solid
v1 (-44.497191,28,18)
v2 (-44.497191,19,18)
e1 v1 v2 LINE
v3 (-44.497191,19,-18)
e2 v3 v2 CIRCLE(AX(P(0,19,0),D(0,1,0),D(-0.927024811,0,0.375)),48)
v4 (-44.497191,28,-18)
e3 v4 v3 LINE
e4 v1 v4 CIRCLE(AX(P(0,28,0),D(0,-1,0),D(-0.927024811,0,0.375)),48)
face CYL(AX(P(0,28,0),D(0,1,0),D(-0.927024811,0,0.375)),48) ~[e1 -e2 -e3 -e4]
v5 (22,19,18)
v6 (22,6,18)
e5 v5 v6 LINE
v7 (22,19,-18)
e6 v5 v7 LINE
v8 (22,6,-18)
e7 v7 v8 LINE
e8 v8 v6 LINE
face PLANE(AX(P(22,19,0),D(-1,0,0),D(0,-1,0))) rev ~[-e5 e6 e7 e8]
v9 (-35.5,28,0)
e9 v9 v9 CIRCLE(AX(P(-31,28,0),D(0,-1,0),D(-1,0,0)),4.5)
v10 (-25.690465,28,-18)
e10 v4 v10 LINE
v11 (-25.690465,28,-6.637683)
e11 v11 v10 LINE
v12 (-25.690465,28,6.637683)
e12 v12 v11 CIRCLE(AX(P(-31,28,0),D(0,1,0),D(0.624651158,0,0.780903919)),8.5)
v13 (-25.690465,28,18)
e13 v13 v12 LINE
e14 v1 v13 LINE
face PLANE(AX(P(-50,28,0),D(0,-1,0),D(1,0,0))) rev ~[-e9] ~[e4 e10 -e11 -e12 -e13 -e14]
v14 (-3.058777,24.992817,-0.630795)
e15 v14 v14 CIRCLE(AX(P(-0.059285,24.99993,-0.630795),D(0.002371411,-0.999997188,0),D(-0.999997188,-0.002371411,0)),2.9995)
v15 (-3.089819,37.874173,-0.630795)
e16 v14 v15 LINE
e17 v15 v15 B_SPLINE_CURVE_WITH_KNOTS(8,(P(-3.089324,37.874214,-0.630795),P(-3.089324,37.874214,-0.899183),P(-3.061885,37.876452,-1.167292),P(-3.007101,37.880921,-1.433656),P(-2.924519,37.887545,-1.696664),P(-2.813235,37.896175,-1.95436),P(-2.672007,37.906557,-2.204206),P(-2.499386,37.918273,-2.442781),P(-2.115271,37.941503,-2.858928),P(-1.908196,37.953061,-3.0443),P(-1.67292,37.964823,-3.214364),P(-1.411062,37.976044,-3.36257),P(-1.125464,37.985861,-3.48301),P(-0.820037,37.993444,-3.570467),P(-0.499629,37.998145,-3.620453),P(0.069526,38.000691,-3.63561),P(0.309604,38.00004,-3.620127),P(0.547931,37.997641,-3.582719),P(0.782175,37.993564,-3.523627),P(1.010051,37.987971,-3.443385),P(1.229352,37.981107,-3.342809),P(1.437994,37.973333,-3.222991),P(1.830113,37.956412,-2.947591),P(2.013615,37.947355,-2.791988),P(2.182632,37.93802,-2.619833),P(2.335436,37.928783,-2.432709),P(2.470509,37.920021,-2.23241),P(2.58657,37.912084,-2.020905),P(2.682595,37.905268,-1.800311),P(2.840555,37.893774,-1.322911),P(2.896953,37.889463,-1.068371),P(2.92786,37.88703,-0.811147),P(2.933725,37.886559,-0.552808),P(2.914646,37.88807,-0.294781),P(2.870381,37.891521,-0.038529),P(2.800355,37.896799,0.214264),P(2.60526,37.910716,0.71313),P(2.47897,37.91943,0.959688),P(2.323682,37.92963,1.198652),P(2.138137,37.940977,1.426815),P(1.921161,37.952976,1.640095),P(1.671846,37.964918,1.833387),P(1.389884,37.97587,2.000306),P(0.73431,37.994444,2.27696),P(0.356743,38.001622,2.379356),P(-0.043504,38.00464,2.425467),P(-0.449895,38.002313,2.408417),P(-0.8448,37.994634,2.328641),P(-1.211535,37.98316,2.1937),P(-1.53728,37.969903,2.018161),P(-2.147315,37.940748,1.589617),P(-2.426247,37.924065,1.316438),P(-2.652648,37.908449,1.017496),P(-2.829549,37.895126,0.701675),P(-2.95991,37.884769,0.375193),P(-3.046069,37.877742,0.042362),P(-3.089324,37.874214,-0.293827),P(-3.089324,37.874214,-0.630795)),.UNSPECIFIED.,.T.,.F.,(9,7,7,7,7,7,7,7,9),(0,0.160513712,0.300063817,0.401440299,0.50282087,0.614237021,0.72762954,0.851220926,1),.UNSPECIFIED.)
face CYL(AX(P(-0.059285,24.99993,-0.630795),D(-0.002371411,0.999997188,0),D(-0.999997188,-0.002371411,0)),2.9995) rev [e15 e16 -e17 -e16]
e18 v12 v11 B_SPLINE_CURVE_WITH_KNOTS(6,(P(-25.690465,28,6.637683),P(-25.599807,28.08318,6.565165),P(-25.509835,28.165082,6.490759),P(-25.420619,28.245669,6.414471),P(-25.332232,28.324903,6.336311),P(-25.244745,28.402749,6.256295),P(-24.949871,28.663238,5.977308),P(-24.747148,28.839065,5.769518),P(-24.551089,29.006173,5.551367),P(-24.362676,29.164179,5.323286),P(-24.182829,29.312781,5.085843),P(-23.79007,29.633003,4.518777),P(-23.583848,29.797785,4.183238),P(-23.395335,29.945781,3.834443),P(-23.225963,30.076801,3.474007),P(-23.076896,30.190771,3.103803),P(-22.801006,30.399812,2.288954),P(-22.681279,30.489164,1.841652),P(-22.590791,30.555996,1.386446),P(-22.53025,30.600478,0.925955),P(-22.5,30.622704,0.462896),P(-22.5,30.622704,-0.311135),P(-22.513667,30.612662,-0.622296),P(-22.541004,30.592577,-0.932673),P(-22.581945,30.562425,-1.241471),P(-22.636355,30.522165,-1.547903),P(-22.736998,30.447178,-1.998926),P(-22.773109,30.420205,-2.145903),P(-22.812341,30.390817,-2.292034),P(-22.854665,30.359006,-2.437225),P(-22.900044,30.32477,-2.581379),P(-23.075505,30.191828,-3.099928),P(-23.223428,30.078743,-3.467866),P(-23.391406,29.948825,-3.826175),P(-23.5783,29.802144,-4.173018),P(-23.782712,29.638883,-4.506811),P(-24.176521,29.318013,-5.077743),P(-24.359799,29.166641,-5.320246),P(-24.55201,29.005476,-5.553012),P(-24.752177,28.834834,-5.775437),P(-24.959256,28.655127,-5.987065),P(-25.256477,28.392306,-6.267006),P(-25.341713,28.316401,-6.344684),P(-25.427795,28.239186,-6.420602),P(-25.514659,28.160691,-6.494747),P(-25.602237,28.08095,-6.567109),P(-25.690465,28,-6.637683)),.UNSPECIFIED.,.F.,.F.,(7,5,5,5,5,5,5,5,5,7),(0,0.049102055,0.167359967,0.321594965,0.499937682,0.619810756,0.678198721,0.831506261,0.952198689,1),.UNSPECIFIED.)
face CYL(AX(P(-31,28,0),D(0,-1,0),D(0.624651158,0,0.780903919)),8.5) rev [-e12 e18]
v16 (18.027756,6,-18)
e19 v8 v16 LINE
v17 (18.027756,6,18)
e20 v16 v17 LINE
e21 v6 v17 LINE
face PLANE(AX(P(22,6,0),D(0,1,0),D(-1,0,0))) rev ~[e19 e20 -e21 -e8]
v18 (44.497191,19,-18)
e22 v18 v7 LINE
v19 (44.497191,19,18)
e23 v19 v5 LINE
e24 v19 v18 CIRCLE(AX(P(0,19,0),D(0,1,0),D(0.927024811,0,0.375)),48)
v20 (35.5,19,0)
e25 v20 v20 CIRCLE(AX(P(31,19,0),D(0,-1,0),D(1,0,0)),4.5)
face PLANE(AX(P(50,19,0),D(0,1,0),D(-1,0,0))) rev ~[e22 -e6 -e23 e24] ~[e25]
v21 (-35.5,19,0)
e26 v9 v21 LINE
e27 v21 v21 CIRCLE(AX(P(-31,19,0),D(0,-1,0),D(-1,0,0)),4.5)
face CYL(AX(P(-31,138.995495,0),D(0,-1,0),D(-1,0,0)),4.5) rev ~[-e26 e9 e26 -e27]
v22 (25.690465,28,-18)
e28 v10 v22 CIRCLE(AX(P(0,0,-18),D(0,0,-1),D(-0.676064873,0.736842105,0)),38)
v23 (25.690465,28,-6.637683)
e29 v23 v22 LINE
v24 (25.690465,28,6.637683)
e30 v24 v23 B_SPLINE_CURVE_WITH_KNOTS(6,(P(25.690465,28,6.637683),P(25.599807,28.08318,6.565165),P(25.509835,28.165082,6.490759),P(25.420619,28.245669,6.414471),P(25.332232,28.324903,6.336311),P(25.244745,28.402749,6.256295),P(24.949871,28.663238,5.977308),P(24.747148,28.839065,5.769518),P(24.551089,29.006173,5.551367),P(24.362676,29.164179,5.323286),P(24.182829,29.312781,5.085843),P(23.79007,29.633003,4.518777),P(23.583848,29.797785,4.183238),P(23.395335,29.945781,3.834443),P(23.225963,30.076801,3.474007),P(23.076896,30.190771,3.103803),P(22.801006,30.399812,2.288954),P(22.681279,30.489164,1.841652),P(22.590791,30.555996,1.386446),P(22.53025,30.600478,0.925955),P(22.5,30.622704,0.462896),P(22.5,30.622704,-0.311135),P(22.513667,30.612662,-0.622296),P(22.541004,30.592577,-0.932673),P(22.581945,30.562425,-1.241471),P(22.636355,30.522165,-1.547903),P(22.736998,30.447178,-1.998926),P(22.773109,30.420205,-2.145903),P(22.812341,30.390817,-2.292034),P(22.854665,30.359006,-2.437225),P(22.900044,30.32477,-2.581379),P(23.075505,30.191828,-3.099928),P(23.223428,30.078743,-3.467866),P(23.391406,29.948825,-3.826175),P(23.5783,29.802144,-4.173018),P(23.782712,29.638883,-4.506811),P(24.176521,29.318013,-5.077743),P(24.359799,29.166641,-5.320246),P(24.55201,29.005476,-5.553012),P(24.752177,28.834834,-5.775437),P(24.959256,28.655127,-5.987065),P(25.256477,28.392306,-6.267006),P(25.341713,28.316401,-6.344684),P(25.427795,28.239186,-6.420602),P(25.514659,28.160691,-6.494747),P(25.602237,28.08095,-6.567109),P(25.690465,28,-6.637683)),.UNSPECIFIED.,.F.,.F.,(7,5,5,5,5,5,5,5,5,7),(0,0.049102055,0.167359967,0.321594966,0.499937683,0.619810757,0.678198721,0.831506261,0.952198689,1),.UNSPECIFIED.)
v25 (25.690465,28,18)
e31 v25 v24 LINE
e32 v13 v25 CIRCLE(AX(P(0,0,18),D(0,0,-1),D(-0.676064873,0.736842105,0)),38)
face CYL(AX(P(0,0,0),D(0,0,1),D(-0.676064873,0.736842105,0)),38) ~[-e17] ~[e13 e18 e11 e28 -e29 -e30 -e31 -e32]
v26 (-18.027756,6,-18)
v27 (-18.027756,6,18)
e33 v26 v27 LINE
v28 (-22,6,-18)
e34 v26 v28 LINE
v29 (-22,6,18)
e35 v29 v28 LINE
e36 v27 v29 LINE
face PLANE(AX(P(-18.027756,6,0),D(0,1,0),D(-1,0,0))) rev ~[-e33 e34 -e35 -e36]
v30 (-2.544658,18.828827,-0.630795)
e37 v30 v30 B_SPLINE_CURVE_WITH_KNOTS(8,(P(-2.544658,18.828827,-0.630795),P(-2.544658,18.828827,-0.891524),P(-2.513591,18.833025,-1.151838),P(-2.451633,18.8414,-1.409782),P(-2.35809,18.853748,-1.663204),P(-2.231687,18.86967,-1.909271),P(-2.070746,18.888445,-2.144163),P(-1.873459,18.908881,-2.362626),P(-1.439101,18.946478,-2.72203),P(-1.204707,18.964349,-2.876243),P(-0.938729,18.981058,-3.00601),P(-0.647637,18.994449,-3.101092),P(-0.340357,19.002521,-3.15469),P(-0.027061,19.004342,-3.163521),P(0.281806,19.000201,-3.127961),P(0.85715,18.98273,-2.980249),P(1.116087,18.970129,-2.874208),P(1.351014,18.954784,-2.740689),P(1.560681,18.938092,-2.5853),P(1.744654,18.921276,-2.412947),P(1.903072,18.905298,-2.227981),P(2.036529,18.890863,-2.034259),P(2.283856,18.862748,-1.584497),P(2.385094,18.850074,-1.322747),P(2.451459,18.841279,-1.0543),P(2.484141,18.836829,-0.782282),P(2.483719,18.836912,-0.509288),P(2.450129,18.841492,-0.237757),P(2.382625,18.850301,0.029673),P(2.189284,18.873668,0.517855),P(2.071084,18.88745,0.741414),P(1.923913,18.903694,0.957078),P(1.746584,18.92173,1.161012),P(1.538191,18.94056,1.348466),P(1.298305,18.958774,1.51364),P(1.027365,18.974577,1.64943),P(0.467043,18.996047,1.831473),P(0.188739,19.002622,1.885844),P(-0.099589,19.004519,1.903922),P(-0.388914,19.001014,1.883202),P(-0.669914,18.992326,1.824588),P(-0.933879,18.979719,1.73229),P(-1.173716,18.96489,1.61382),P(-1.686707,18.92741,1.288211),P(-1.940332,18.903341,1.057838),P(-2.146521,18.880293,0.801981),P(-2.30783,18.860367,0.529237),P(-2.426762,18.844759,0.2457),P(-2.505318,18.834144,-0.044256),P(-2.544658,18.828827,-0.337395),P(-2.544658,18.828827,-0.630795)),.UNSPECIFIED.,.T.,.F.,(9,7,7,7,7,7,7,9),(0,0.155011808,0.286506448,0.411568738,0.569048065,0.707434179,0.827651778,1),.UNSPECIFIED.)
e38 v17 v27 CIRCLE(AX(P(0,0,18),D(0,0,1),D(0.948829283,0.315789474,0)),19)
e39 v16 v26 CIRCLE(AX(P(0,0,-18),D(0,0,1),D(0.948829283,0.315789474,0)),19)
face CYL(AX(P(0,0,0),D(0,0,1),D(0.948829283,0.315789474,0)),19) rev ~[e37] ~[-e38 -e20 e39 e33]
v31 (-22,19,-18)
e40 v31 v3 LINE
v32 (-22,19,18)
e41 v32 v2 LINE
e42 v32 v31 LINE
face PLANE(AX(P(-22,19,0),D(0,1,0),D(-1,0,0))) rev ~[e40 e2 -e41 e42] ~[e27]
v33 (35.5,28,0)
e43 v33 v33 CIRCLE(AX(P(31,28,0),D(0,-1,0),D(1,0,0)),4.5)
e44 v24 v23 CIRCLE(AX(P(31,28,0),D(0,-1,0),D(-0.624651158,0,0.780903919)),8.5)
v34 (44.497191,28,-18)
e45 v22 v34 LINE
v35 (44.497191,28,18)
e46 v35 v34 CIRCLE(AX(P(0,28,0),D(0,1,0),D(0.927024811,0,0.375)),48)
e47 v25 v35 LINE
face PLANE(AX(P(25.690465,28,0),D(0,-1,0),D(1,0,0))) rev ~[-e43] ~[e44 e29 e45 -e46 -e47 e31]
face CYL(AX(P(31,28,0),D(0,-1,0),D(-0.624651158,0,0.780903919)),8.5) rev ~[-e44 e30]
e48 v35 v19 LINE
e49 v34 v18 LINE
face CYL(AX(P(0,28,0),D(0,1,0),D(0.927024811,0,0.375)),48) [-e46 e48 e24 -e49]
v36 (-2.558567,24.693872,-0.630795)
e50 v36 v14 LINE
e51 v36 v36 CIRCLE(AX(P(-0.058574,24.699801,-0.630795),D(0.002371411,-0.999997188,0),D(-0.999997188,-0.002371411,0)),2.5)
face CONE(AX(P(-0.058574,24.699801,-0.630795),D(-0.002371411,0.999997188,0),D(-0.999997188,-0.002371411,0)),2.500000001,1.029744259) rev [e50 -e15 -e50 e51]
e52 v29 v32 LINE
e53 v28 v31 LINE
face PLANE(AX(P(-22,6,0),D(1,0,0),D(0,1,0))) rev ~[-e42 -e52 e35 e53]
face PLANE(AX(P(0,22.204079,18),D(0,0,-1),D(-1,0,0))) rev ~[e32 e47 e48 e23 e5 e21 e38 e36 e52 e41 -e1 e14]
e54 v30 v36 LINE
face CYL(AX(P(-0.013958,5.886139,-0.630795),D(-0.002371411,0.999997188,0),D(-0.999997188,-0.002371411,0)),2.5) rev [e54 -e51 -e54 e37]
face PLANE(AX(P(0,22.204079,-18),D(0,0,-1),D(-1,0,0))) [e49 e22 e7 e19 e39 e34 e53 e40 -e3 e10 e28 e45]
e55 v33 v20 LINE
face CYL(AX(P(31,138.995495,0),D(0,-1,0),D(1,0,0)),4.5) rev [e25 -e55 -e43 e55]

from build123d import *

# Parameters (mm, degrees)
BOSS_EXTRUDE1_DEPTH   = 18
F_8_0MM_DOWEL_HOLE1_D = 9
CUT_EXTRUDE3_DEPTH    = 35
CUT_EXTRUDE4_DEPTH    = 3


with BuildPart() as part:
    # Sketch1 → Boss-Extrude1 (new body, symmetric)
    with BuildSketch(Plane.XY):
        with BuildLine():
            Line((-18.027756377, 6), (-22, 6))
            Line((-22, 6), (-22, 19))
            Line((-22, 19), (-50, 19))
            Line((-50, 19), (-50, 28))
            Line((-50, 28), (-25.690465157, 28))
            ThreePointArc((-25.690465157, 28), (0, 38), (25.690465157, 28))
            Line((25.690465157, 28), (50, 28))
            Line((50, 28), (50, 19))
            Line((50, 19), (22, 19))
            Line((22, 19), (22, 6))
            Line((22, 6), (18.027756377, 6))
            ThreePointArc((18.027756377, 6), (0, 19), (-18.027756377, 6))
        make_face()
    extrude(amount=BOSS_EXTRUDE1_DEPTH, both=True)

    # Ø8.0mm Dowel Hole1 (through all)
    with Locations(Plane(origin=(0, 28, 0), x_dir=(1, 0, 0), z_dir=(0, 1, 0))):
        with Locations((-31, 0)):
            f_8_0mm_dowel_hole1 = Hole(F_8_0MM_DOWEL_HOLE1_D / 2)

    # Sketch6 → Cut-Extrude3 (cut)
    with BuildSketch(Plane(origin=(0, 28, 0), x_dir=(1, 0, 0), z_dir=(0, 1, 0))):
        with BuildLine():
            Line((-44.497190923, 18), (-50, 18))
            Line((-50, 18), (-50, -18))
            Line((-50, -18), (-44.497190923, -18))
            ThreePointArc((-44.497190923, -18), (-48, 0), (-44.497190923, 18))
        make_face()
        with BuildLine():
            Line((44.497190923, 18), (50, 18))
            Line((50, 18), (50, -18))
            Line((50, -18), (44.497190923, -18))
            ThreePointArc((44.497190923, -18), (48, 0), (44.497190923, 18))
        make_face()
    extrude(amount=-CUT_EXTRUDE3_DEPTH, mode=Mode.SUBTRACT)

    # Sketch9 → Cut-Extrude4 (cut)
    with BuildSketch(Plane(origin=(0, 28, 0), x_dir=(1, 0, 0), z_dir=(0, 1, 0))):
        with BuildLine():
            Line((-25.690465157, 6.637683312), (-25.690465157, -6.637683312))
            ThreePointArc((-25.690465157, -6.637683312), (-22.5, 0), (-25.690465157, 6.637683312))
        make_face()
    cut_extrude4 = extrude(amount=CUT_EXTRUDE4_DEPTH, mode=Mode.SUBTRACT)

    # Mirror3: Cut-Extrude4 across plane
    add(cut_extrude4.mirror(Plane(origin=(0, 0, 0), x_dir=(0, 0, 1), z_dir=(1, 0, 0))), mode=Mode.SUBTRACT)

    # Mirror4: Ø8.0mm Dowel Hole1 across plane
    add(f_8_0mm_dowel_hole1.mirror(Plane(origin=(0, 0, 0), x_dir=(0, 0, 1), z_dir=(1, 0, 0))), mode=Mode.SUBTRACT)

    # Sketch10 → CBORE for M5 Hex Head Bolt2 (revolve, cut)
    with BuildSketch(Plane(origin=(-0.090113613, 37.999893152, -0.630795288), x_dir=(-0.999997188, -0.002371411, 0), z_dir=(0, 0, 1))):
        Polygon((0, 0), (0, 32.113844592), (2.5, 32.113844592), (2.5, 13.300129879), (2.9995, 13), (3, 0), align=None)
    revolve(axis=Axis((-0.105172072, 44.349875297, -0.630795288), (0.002371411, -0.999997188, 0)), mode=Mode.SUBTRACT)


solid = part.part
